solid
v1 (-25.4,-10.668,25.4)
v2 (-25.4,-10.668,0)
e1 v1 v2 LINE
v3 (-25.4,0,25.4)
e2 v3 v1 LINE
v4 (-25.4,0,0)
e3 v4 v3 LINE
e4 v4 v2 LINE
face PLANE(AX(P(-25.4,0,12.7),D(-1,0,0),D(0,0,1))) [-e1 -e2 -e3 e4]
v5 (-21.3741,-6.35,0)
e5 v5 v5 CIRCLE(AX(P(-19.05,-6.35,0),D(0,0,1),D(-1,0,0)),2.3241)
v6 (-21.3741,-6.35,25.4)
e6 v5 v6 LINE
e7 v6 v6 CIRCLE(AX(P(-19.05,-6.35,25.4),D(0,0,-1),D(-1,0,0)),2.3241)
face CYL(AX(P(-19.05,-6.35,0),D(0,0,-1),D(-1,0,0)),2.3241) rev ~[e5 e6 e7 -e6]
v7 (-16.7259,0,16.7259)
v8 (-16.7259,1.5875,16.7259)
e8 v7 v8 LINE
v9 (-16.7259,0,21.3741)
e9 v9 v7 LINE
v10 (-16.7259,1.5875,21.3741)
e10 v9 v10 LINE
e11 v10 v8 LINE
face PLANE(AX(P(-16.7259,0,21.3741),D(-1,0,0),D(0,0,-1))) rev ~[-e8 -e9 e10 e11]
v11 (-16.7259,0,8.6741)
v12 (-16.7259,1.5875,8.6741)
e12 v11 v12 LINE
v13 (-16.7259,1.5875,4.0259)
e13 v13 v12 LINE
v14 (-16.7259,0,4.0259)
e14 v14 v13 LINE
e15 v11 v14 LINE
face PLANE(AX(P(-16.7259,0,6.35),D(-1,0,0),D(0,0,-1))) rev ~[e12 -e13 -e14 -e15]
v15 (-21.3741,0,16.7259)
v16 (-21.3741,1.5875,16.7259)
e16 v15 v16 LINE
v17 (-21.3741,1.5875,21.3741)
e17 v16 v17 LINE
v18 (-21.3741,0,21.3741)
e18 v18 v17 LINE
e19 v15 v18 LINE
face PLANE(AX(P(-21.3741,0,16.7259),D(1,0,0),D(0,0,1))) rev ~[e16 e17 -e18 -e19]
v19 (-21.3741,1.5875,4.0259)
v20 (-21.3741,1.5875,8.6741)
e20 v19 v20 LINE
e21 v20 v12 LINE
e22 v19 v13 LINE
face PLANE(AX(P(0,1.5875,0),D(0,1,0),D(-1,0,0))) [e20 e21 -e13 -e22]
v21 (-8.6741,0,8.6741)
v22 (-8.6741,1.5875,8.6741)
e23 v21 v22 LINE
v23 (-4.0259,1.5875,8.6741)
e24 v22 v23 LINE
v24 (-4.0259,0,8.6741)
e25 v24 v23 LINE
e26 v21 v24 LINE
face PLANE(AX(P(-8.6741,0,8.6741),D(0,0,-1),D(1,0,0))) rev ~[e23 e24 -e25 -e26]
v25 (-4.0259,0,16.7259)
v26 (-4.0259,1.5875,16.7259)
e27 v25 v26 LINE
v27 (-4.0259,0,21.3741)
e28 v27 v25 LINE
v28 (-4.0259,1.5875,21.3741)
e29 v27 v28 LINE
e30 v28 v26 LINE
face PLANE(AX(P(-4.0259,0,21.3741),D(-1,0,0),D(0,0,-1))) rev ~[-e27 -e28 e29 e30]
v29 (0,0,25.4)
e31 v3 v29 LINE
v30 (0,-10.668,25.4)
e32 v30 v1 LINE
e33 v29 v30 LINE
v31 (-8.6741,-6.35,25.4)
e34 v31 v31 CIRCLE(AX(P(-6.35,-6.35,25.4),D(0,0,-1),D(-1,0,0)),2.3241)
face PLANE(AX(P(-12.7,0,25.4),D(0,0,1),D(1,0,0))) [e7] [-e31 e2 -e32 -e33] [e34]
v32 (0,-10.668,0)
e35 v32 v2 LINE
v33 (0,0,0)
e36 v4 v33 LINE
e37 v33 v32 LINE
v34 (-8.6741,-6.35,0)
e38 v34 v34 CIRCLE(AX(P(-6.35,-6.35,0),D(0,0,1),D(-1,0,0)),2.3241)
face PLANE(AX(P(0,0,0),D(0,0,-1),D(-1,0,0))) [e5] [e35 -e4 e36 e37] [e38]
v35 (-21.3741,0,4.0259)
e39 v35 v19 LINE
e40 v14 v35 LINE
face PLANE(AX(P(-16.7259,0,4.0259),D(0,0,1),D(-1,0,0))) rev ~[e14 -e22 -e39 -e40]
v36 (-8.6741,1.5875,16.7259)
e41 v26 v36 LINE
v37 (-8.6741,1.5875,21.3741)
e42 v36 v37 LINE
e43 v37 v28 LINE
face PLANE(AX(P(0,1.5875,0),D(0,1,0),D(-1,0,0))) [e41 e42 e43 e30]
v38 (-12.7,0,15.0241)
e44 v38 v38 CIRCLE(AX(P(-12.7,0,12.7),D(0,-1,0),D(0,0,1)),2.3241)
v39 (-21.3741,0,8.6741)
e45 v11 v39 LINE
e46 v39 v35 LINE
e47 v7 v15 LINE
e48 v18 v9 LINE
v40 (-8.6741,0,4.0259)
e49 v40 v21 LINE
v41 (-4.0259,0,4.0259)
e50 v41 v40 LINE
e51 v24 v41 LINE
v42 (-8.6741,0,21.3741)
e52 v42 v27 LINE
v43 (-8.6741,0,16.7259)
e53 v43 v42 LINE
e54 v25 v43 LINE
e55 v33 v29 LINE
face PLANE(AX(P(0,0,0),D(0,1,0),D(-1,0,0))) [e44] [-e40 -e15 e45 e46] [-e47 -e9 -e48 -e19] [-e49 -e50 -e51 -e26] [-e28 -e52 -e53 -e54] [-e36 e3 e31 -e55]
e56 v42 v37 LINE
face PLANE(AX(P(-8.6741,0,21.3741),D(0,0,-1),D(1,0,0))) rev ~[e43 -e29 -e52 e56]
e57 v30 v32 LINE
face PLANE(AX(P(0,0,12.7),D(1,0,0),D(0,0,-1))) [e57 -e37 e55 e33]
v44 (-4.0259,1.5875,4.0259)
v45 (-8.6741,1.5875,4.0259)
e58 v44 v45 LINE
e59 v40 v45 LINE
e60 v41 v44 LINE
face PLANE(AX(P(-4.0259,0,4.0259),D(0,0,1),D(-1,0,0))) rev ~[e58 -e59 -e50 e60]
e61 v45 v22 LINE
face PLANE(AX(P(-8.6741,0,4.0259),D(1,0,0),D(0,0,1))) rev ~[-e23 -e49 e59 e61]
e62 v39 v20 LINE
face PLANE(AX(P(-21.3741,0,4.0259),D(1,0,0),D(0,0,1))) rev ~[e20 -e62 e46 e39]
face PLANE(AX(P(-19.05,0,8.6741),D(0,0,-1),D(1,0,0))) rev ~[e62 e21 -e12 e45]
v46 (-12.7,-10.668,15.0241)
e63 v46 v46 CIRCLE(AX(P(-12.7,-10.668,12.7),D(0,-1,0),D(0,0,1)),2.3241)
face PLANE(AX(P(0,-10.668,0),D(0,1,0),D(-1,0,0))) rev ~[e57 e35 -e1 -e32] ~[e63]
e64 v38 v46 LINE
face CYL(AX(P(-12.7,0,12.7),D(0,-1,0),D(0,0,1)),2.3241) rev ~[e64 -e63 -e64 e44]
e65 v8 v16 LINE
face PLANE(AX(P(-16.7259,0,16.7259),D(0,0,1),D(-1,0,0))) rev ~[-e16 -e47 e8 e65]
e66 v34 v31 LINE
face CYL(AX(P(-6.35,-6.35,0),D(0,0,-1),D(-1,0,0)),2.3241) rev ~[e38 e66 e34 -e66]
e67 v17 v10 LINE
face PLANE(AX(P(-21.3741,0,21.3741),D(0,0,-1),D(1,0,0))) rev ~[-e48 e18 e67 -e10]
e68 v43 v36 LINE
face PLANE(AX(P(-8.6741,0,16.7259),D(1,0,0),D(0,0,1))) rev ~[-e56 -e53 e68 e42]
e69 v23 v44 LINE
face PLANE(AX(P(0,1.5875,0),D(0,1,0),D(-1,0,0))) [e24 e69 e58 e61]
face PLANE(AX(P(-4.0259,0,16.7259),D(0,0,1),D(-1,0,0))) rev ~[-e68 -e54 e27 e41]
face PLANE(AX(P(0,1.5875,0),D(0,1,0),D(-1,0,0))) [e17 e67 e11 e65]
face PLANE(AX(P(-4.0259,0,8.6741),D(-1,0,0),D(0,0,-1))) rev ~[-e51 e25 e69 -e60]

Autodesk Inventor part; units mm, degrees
ref_plane "YZ Plane" through (0, 0, 0) normal (1, 0, 0) x (0, 1, 0)
ref_plane "XZ Plane" through (0, 0, 0) normal (0, 1, 0) x (-1, 0, 0)
ref_plane "XY Plane" through (0, 0, 0) normal (0, 0, 1) x (1, 0, 0)
sketch "Sketch1" plane through (0, 0, 0) normal (0, 1, 0) x (-1, 0, 0)
  line L0 (0, 0) -> (25.4, 0)
  line L1 (25.4, 0) -> (25.4, 25.4)
  line L2 (25.4, 25.4) -> (0, 25.4)
  line L3 (0, 25.4) -> (0, 0)
  line L4 (12.7, 25.4) -> (12.7, 0)
  line L5 (12.7, 25.4) -> (38.1, 25.4) construction
  line L6 (0, 12.7) -> (25.4, 12.7)
  line L7 (0, 12.7) -> (25.4, 12.7) construction
  line L8 (12.7, 6.35) -> (25.4, 6.35)
  line L9 (12.7, 6.35) -> (25.4, 6.35) construction
  line L10 (19.05, 0) -> (19.05, 12.7)
  line L11 (16.7259, 16.7259) -> (21.3741, 16.7259)
  line L12 (21.3741, 16.7259) -> (21.3741, 21.3741)
  line L13 (21.3741, 21.3741) -> (16.7259, 21.3741)
  line L14 (16.7259, 21.3741) -> (16.7259, 16.7259)
  line L15 (16.7259, 16.7259) -> (19.05, 19.05) construction
  line L16 (21.3741, 16.7259) -> (16.7259, 21.3741) construction
  line L17 (8.6741, 16.7259) -> (8.6741, 21.3741)
  line L18 (8.6741, 21.3741) -> (4.0259, 21.3741)
  line L19 (4.0259, 21.3741) -> (4.0259, 16.7259)
  line L20 (4.0259, 16.7259) -> (8.6741, 16.7259)
  line L21 (21.3741, 4.0259) -> (21.3741, 8.6741)
  line L22 (21.3741, 8.6741) -> (16.7259, 8.6741)
  line L23 (16.7259, 8.6741) -> (16.7259, 4.0259)
  line L24 (16.7259, 4.0259) -> (21.3741, 4.0259)
  line L25 (8.6741, 4.0259) -> (8.6741, 8.6741)
  line L26 (8.6741, 8.6741) -> (4.0259, 8.6741)
  line L27 (4.0259, 8.6741) -> (4.0259, 4.0259)
  line L28 (4.0259, 4.0259) -> (8.6741, 4.0259)
  circle A0 centre (12.7, 12.7) radius 2.3241
  dimension "d0" = 25.4
  dimension "d1" = 25.4
  dimension "d2" = 25.4
  dimension "d3" = 90
  dimension "d4" = 25.4
  dimension "d5" = 0
  dimension "d6" = 12.7
  dimension "d7" = 0
  dimension "d8" = 4.6482
  dimension "d9" = 4.6482
  dimension "d12" = 12.7
  dimension "d15" = 12.7
  dimension "d18" = 4.6482
extrude "Extrusion1" add sketch "Sketch1" along normal blind 1.5875 contours L24 L23 L8 L10 | L10 L8 L21 L24 | L23 L22 L10 L8 | L10 L22 L21 L8 | L14 L13 L12 L11 | L20 L19 L18 L17 | L28 L27 L26 L25
extrude "Extrusion2" add sketch "Sketch1" against normal blind 10.668 contours L3 L6 A0 L4 L0 | L4 L8 L23 L24 L10 L0 | L3 L2 L4 A0 L6 | L10 L24 L21 L8 L1 L0 | L4 A0 L6 L10 L22 L23 L8 | A0 L4 L6 | L6 L4 A0 | L24 L23 L8 L10 | L10 L8 L21 L24 | L4 L6 A0 | L23 L22 L10 L8 | L2 L1 L6 A0 L4 | L4 A0 L6 | L8 L21 L22 L10 L6 L1 | L10 L22 L21 L8 | L14 L13 L12 L11 | L20 L19 L18 L17 | L28 L27 L26 L25
hole "Hole1" at (-12.7, 0, 12.7) direction (0, -1, 0) diameter 4.6482 depth 32.3342 tip angle 118
sketch "Sketch2" plane through (0, 0, 0) normal (0, 0, -1) x (-1, 0, 0)
  line L0 (25.4, 0) -> (0, 0) projected
  line L1 (25.4, 0) -> (0, 0)
  line L2 (12.7, 2.032) -> (12.7, -10.668)
  line L3 (15.0241, -10.668) -> (10.3759, -10.668) projected
  line L4 (12.7, -5.334) -> (25.4, -5.334)
  line L5 (25.4, 0) -> (25.4, -10.668) projected
  line L6 (12.7, -5.334) -> (0, -5.334)
  line L7 (0, 0) -> (0, -10.668) projected
  circle A0 centre (19.05, -6.35) radius 2.3241
  circle A1 centre (6.35, -6.35) radius 2.3241
  dimension "d30" = 4.6482
extrude "Extrusion3" cut sketch "Sketch2" against normal through all contours A0 L4 | L4 A0 | A1 L6 | L6 A1
properties part number "odom connector"
